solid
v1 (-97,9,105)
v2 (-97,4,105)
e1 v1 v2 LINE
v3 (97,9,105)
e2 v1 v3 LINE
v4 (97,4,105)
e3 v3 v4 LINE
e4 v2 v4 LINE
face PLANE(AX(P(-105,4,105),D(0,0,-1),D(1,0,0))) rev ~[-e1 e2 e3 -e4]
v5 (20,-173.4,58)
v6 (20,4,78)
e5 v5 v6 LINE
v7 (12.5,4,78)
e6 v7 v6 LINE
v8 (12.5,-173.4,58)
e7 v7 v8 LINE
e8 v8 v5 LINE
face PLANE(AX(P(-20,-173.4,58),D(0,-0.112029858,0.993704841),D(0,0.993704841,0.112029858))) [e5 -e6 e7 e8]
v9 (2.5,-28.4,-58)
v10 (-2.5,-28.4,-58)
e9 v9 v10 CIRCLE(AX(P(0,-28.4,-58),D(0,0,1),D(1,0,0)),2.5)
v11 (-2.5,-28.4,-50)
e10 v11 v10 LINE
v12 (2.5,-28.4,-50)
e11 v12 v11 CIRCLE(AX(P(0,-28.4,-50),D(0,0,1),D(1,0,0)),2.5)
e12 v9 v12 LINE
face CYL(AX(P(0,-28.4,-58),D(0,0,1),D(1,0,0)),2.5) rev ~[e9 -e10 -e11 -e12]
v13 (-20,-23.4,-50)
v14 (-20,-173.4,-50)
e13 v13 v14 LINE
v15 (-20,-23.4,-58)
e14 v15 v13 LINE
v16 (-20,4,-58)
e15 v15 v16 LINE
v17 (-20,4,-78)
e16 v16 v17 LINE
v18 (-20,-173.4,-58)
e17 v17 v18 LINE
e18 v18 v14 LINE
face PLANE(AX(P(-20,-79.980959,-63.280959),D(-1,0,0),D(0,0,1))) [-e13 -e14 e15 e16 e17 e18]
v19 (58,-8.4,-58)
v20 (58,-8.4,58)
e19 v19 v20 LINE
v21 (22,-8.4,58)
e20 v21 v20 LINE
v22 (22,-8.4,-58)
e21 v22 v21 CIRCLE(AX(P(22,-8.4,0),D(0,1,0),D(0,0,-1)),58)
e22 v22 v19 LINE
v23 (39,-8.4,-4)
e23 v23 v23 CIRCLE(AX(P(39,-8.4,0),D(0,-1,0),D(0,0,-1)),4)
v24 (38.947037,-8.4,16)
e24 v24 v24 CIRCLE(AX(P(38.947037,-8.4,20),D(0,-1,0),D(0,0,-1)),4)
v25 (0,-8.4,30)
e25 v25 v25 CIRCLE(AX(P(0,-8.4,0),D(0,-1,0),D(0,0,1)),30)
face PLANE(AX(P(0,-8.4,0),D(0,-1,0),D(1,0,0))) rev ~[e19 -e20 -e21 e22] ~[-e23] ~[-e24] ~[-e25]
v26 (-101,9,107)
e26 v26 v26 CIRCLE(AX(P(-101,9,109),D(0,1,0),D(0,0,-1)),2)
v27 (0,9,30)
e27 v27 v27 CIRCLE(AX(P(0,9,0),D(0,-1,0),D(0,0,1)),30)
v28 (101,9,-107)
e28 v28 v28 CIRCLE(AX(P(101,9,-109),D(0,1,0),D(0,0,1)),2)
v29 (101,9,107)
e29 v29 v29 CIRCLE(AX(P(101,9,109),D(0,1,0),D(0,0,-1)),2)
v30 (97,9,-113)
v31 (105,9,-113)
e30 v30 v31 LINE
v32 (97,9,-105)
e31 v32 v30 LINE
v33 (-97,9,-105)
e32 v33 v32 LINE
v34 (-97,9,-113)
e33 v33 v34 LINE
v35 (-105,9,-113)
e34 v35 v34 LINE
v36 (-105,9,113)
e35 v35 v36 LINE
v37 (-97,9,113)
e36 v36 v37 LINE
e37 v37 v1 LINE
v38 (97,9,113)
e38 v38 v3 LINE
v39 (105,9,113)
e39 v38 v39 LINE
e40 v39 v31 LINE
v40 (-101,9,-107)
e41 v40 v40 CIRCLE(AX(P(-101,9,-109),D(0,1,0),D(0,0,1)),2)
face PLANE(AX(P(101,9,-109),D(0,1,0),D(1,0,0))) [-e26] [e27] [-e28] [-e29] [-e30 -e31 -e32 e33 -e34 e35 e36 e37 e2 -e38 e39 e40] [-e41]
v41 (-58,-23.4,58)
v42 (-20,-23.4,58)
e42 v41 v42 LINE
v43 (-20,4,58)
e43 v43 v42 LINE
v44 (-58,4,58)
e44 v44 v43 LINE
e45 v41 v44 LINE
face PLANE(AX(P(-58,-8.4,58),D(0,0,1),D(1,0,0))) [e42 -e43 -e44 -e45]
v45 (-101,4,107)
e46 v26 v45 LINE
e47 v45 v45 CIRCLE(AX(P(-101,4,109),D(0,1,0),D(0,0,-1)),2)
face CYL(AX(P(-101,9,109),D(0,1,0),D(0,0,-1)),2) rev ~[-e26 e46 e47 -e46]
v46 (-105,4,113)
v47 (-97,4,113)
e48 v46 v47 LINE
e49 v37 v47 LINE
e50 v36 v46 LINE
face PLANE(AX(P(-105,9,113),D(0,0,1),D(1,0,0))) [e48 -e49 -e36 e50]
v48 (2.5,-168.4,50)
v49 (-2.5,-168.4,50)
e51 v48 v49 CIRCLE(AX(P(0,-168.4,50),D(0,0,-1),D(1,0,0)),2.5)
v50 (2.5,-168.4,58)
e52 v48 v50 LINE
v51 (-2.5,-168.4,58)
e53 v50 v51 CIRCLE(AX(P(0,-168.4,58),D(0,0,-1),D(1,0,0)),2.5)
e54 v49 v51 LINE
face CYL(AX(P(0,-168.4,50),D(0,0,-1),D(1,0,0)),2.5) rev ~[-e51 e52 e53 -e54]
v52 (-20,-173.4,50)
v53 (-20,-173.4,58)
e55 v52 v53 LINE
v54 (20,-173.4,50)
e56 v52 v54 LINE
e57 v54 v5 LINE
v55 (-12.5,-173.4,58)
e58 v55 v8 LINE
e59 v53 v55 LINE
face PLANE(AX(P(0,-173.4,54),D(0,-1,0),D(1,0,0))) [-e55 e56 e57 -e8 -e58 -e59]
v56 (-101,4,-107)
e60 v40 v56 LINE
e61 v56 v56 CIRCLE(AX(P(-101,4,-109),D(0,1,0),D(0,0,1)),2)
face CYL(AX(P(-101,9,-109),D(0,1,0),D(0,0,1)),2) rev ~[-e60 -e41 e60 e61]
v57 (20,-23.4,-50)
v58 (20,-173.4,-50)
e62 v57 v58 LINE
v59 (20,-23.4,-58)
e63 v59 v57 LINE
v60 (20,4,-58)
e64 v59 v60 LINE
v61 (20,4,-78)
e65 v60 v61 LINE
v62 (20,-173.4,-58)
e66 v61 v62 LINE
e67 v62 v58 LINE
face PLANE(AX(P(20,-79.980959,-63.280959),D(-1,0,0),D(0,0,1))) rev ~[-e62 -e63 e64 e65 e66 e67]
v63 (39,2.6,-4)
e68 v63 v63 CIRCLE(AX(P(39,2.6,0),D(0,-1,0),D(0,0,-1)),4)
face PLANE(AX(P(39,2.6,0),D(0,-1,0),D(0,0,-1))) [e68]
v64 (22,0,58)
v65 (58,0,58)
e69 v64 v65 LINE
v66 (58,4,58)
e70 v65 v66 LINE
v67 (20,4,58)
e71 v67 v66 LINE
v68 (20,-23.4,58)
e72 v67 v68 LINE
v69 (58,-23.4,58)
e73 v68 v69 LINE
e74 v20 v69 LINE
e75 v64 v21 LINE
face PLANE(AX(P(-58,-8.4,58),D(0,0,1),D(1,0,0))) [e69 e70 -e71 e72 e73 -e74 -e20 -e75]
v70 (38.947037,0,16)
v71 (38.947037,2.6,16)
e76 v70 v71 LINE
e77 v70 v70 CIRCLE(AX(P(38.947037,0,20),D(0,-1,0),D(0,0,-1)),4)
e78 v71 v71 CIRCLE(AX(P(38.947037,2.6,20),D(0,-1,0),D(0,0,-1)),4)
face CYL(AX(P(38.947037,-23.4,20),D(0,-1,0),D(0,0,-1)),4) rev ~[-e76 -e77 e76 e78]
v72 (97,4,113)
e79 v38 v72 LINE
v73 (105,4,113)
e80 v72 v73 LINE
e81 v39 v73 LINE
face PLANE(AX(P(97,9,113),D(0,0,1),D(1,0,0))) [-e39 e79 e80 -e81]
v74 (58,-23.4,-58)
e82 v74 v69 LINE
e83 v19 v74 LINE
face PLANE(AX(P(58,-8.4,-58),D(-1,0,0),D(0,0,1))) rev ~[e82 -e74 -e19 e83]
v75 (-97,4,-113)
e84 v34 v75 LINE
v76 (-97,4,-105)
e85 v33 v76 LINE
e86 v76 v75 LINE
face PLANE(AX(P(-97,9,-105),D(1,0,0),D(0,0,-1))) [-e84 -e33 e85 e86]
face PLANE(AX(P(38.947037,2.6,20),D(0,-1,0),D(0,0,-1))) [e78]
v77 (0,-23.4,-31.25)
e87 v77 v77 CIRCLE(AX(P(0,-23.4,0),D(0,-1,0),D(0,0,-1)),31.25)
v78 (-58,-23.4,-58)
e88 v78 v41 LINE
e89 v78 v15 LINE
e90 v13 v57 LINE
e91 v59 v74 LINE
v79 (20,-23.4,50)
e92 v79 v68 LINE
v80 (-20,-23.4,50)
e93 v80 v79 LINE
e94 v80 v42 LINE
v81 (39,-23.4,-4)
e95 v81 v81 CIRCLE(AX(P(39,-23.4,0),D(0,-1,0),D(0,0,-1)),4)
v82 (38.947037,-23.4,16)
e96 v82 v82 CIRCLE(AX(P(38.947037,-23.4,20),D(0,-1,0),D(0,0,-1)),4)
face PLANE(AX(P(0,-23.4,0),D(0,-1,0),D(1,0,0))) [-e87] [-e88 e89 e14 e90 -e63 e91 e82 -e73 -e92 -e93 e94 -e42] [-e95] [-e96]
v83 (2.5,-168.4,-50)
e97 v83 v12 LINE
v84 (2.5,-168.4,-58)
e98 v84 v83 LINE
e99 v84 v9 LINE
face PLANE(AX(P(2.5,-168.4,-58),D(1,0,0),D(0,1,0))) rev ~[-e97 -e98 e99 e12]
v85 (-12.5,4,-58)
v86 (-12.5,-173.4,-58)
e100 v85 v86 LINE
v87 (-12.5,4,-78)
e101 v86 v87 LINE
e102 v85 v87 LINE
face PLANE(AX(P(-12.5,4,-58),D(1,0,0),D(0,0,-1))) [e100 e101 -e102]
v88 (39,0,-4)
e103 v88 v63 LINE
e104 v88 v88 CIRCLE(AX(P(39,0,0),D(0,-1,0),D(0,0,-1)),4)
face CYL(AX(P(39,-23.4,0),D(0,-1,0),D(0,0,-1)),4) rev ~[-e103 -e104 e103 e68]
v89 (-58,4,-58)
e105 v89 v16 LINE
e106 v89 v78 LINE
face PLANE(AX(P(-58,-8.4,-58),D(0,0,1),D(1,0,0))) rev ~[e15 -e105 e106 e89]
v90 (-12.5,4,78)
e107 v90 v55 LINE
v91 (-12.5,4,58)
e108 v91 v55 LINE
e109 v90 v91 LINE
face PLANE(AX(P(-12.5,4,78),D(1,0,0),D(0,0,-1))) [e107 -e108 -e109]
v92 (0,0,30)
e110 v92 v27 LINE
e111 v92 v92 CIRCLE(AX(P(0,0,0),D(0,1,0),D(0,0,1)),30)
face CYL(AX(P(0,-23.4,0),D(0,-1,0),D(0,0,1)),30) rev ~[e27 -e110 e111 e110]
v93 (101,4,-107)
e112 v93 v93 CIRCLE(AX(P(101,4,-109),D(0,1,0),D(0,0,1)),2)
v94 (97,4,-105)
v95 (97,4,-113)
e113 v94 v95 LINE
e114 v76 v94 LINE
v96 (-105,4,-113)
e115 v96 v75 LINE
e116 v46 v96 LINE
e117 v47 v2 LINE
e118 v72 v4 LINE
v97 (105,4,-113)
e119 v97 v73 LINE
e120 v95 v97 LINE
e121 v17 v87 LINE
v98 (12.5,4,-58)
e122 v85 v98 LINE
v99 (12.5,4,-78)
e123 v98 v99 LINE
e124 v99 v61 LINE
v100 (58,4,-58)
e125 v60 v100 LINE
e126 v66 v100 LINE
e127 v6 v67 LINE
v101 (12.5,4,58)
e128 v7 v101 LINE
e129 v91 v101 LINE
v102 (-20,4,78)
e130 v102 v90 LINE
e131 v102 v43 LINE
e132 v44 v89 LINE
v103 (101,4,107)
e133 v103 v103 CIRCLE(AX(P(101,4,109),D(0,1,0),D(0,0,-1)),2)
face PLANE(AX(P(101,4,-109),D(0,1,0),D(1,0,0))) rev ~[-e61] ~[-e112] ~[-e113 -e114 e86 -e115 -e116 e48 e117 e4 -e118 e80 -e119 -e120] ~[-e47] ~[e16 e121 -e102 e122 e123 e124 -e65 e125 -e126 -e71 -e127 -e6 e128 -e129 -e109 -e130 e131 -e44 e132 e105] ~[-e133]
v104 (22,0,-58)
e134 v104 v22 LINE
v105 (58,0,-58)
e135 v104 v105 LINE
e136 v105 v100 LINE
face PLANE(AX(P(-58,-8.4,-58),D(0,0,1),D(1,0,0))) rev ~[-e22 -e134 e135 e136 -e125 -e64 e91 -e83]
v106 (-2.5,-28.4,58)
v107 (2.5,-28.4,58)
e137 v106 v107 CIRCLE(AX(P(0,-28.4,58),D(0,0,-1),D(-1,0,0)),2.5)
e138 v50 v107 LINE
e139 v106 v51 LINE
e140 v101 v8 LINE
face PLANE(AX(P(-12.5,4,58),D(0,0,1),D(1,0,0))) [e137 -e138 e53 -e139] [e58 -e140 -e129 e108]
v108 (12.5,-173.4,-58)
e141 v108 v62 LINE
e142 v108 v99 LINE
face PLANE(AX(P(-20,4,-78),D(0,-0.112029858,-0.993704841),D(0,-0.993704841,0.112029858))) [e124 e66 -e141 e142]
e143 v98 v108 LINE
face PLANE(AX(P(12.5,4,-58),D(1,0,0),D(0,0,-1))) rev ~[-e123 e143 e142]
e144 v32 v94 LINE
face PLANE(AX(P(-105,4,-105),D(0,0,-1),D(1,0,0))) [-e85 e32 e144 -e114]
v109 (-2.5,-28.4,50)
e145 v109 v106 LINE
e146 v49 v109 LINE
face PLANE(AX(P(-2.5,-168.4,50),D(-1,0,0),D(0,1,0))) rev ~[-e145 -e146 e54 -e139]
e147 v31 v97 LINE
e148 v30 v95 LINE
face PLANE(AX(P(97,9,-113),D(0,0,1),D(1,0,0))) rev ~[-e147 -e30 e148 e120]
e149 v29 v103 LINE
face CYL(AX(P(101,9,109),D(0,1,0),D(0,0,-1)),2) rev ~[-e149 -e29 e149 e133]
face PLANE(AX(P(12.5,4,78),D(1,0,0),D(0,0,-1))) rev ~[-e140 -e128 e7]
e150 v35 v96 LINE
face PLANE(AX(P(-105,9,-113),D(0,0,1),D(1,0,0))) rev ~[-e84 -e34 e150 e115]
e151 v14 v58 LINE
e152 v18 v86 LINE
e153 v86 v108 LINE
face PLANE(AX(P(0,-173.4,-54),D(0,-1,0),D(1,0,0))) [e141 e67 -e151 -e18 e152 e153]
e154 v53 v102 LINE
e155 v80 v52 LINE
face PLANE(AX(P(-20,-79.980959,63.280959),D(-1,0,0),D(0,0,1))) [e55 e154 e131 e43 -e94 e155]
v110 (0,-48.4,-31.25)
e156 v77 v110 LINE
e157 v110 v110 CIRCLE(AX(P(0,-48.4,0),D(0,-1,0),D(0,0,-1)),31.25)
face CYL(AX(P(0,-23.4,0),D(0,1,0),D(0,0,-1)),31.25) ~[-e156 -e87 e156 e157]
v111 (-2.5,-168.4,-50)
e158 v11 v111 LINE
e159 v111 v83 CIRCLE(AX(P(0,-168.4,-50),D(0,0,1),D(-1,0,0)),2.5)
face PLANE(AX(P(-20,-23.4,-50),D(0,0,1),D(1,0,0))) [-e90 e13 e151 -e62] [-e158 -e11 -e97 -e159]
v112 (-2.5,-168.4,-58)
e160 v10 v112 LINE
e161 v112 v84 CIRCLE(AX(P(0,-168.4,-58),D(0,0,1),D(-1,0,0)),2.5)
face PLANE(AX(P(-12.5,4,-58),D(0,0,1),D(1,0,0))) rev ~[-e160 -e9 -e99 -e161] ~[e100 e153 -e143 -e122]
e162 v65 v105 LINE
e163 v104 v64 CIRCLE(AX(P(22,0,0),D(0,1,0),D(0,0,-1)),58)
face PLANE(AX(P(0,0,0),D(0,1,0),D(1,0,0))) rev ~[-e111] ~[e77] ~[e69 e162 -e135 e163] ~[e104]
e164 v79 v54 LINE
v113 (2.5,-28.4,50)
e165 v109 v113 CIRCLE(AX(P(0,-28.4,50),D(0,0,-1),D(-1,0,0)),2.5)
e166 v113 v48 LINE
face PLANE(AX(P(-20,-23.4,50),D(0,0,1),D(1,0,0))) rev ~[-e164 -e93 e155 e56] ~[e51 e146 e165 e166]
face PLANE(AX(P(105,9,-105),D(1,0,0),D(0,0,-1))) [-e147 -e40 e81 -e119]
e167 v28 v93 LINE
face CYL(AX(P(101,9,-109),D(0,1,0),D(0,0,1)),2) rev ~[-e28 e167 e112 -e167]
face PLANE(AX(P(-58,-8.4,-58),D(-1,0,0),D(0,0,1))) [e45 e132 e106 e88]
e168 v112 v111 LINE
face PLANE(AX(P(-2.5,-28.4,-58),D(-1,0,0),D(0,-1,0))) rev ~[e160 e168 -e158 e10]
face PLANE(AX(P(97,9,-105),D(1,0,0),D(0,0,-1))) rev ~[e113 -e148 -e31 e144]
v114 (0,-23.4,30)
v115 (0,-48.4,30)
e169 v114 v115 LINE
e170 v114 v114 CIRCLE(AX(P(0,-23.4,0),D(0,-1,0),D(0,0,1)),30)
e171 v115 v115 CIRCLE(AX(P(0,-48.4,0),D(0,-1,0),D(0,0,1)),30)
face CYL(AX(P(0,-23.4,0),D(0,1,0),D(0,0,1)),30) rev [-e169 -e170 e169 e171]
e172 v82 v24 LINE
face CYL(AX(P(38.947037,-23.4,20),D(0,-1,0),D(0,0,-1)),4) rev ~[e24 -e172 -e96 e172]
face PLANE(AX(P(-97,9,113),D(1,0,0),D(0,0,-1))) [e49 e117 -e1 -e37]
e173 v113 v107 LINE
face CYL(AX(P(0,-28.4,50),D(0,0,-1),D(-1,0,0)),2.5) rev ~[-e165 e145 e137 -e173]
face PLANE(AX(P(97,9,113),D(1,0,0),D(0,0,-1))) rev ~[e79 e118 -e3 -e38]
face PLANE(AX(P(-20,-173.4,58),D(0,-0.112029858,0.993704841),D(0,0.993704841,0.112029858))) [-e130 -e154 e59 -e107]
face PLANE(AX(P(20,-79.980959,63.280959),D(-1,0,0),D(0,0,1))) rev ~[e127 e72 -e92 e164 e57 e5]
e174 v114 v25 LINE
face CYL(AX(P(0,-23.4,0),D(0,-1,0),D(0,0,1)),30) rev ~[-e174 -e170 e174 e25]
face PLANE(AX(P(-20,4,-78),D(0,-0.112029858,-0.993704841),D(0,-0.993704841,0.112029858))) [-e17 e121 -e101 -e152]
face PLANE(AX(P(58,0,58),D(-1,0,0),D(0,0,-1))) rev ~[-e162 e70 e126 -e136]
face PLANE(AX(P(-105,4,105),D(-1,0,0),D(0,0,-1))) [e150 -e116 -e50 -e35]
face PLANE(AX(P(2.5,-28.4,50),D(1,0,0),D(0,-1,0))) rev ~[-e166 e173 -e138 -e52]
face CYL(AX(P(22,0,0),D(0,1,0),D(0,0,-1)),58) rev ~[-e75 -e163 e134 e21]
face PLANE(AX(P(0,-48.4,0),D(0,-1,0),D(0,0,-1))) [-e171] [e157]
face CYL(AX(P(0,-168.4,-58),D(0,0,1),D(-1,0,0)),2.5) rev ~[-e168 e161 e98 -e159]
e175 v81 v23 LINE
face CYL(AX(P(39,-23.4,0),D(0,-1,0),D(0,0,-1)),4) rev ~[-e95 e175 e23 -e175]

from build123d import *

# Parameters (mm, degrees)
SKETCH4_W                      = 116
SKETCH4_H                      = 116
BOSS_EXTRUDE1_DEPTH            = 4
SKETCH6_R                      = 30
CUT_EXTRUDE1_DEPTH             = 83.121860671
BOSS_EXTRUDE3_DEPTH            = 8.4
SKETCH10_W                     = 116
SKETCH10_H                     = 116
BOSS_EXTRUDE5_DEPTH            = 15
SKETCH11_R                     = 4
POSITIONING_HOLE_DEPTH         = 26
SKETCH23_R                     = 4
SNAPPING_HOLE_DEPTH            = 26
SKETCH13_R                     = 31.25
SKETCH13_R_2                   = 30
BOSS_EXTRUDE6_DEPTH            = 25
SKETCH24_W                     = 40
SKETCH24_H                     = 8
BOSS_EXTRUDE7_DEPTH            = 150
BOSS_EXTRUDE9_DEPTH            = 40
CUT_EXTRUDE6_DEPTH             = 8
CUT_EXTRUDE6_DIRECTION_2_REACH = 229.876
CUT_EXTRUDE7_REACH             = 225.194
CUT_EXTRUDE9_REACH             = 204.284
SKETCH37_W                     = 25
SKETCH37_H                     = 20
SKETCH41_W                     = 210
SKETCH41_H                     = 210
BOSS_EXTRUDE11_DEPTH           = 5
SKETCH12_R                     = 30
MAIN_HOLE_DEPTH                = 212.068709192
SKETCH43_W                     = 8
SKETCH43_H                     = 8
SKETCH43_R                     = 2
BOSS_EXTRUDE12_DEPTH           = 5


with BuildPart() as part:
    # Sketch4 → Boss-Extrude1 (new body)
    with BuildSketch(Plane(origin=(0, 0, 0), x_dir=(1, 0, 0), z_dir=(0, 1, 0))):
        Rectangle(SKETCH4_W, SKETCH4_H)
    extrude(amount=BOSS_EXTRUDE1_DEPTH)

    # Sketch6 → Cut-Extrude1 (cut, through all)
    with BuildSketch(Plane(origin=(0, 4, 0), x_dir=(1, 0, 0), z_dir=(0, 1, 0))):
        with Locations(Location((0, 0, 0), (0, 0, 270))):
            Circle(SKETCH6_R)
    extrude(amount=-CUT_EXTRUDE1_DEPTH, mode=Mode.SUBTRACT)

    # Sketch8 → Boss-Extrude3 (add)
    with BuildSketch(Plane.XZ):
        with BuildLine():
            Line((-58, 58), (-58, -58))
            Line((-58, -58), (22, -58))
            ThreePointArc((22, -58), (-36, 0), (22, 58))
            Line((22, 58), (-58, 58))
        make_face()
    extrude(amount=BOSS_EXTRUDE3_DEPTH)

    # Sketch10 → Boss-Extrude5 (add)
    with BuildSketch(Plane.XZ.offset(8.4)):
        Rectangle(SKETCH10_W, SKETCH10_H)
    extrude(amount=BOSS_EXTRUDE5_DEPTH)

    # Sketch11 → positioning hole (cut)
    with BuildSketch(Plane.XZ.offset(23.4)):
        with Locations(Location((39, 0, 0), (0, 0, 270))):
            Circle(SKETCH11_R)
    extrude(amount=-POSITIONING_HOLE_DEPTH, mode=Mode.SUBTRACT)

    # Sketch23 → snapping hole (cut)
    with BuildSketch(Plane.XZ.offset(23.4)):
        with Locations(Location((38.947036647, 20, 0), (0, 0, 270))):
            Circle(SKETCH23_R)
    extrude(amount=-SNAPPING_HOLE_DEPTH, mode=Mode.SUBTRACT)

    # Sketch13 → Boss-Extrude6 (add)
    with BuildSketch(Plane.XZ.offset(23.4)):
        with Locations(Location((0, 0, 0), (0, 0, 270))):
            Circle(SKETCH13_R)
        with Locations(Location((0, 0, 0), (0, 0, 90))):
            Circle(SKETCH13_R_2, mode=Mode.SUBTRACT)
    extrude(amount=BOSS_EXTRUDE6_DEPTH)

    # Sketch24 → Boss-Extrude7 (add)
    with BuildSketch(Plane.XZ.offset(23.4)):
        with Locations((0, 54)):
            Rectangle(SKETCH24_W, SKETCH24_H)
        with Locations((0, -54)):
            Rectangle(SKETCH24_W, SKETCH24_H)
    extrude(amount=BOSS_EXTRUDE7_DEPTH)

    # Sketch28 → Boss-Extrude9 (add)
    with BuildSketch(Plane.ZY.offset(20)):
        Polygon((-58, -173.4), (-58, 4), (-78, 4), align=None)
        Polygon((58, 4), (58, -173.4), (78, 4), align=None)
    extrude(amount=-BOSS_EXTRUDE9_DEPTH)

    # Sketch31 → Cut-Extrude6 (cut)
    with BuildSketch(Plane(origin=(0, 0, -58), x_dir=(-1, 0, 0), z_dir=(0, 0, -1))):
        with BuildLine():
            Line((2.5, -28.4), (2.5, -168.4))
            ThreePointArc((2.5, -168.4), (0, -170.9), (-2.5, -168.4))
            Line((-2.5, -168.4), (-2.5, -28.4))
            ThreePointArc((-2.5, -28.4), (0, -25.9), (2.5, -28.4))
        make_face()
    extrude(amount=-CUT_EXTRUDE6_DEPTH, mode=Mode.SUBTRACT)

    # Cut-Extrude6 direction 2: up to this plane
    cut_extrude6_direction_2_end = Plane(origin=(20, 4, -78), z_dir=(0, -0.11202985805393491, -0.9937048409384023))
    # Sketch31 → Cut-Extrude6 direction 2 (cut, up to the surface)
    with BuildSketch(Plane(origin=(0, 0, -58), x_dir=(-1, 0, 0), z_dir=(0, 0, -1)), mode=Mode.PRIVATE) as cut_extrude6_direction_2_sk1:
        with BuildLine():
            Line((2.5, -28.4), (2.5, -168.4))
            ThreePointArc((2.5, -168.4), (0, -170.9), (-2.5, -168.4))
            Line((-2.5, -168.4), (-2.5, -28.4))
            ThreePointArc((-2.5, -28.4), (0, -25.9), (2.5, -28.4))
        make_face()
    cut_extrude6_direction_2_tool1 = split(extrude(cut_extrude6_direction_2_sk1.sketch, amount=CUT_EXTRUDE6_DIRECTION_2_REACH, mode=Mode.PRIVATE), bisect_by=cut_extrude6_direction_2_end, keep=Keep.BOTH, mode=Mode.PRIVATE)
    add(cut_extrude6_direction_2_tool1.solids().sort_by_distance((0, -98.4, -58))[0], mode=Mode.SUBTRACT)

    # Cut-Extrude7: up to this plane
    cut_extrude7_end = Plane(origin=(20, -173.4, 58), z_dir=(0, -0.11202985805393491, 0.9937048409384023))
    # Sketch34 → Cut-Extrude7 (cut, up to the surface)
    with BuildSketch(Plane(origin=(0, 0, 50), x_dir=(-1, 0, 0), z_dir=(0, 0, -1)), mode=Mode.PRIVATE) as cut_extrude7_sk1:
        with BuildLine():
            Line((-2.5, -28.4), (-2.5, -168.4))
            ThreePointArc((-2.5, -168.4), (0, -170.9), (2.5, -168.4))
            Line((2.5, -168.4), (2.5, -28.4))
            ThreePointArc((2.5, -28.4), (0, -25.9), (-2.5, -28.4))
        make_face()
    cut_extrude7_tool1 = split(extrude(cut_extrude7_sk1.sketch, amount=-CUT_EXTRUDE7_REACH, mode=Mode.PRIVATE), bisect_by=cut_extrude7_end, keep=Keep.BOTH, mode=Mode.PRIVATE)
    add(cut_extrude7_tool1.solids().sort_by_distance((0, -98.4, 50))[0], mode=Mode.SUBTRACT)

    # Sketch37 → Cut-Extrude9 (cut, up to next)
    with BuildSketch(Plane(origin=(0, 4, 0), x_dir=(1, 0, 0), z_dir=(0, 1, 0)), mode=Mode.PRIVATE) as cut_extrude9_sk1:
        with Locations((0, 68)):
            Rectangle(SKETCH37_W, SKETCH37_H)
    cut_extrude9_tool1 = extrude(cut_extrude9_sk1.sketch, amount=-CUT_EXTRUDE9_REACH, mode=Mode.PRIVATE) & part.part
    # Sketch37 → Cut-Extrude9 (cut, up to next)
    with BuildSketch(Plane(origin=(0, 4, 0), x_dir=(1, 0, 0), z_dir=(0, 1, 0)), mode=Mode.PRIVATE) as cut_extrude9_sk2:
        with Locations((0, -68)):
            Rectangle(SKETCH37_W, SKETCH37_H)
    cut_extrude9_tool2 = extrude(cut_extrude9_sk2.sketch, amount=-CUT_EXTRUDE9_REACH, mode=Mode.PRIVATE) & part.part
    add(cut_extrude9_tool1.solids().sort_by_distance((0, 4, -68))[0], mode=Mode.SUBTRACT)
    add(cut_extrude9_tool2.solids().sort_by_distance((0, 4, 68))[0], mode=Mode.SUBTRACT)

    # Sketch41 → Boss-Extrude11 (add)
    with BuildSketch(Plane(origin=(0, 4, 0), x_dir=(1, 0, 0), z_dir=(0, 1, 0))):
        Rectangle(SKETCH41_W, SKETCH41_H)
    extrude(amount=BOSS_EXTRUDE11_DEPTH)

    # Sketch12 → main hole (cut, through all)
    with BuildSketch(Plane.XZ.offset(23.4)):
        with Locations(Location((0, 0, 0), (0, 0, 90))):
            Circle(SKETCH12_R)
    extrude(amount=-MAIN_HOLE_DEPTH, mode=Mode.SUBTRACT)

    # Sketch43 → Boss-Extrude12 (add)
    # profile 1 of 4: a face of its own
    with BuildSketch(Plane(origin=(0, 9, 0), x_dir=(1, 0, 0), z_dir=(0, 1, 0))):
        with Locations((101, 109)):
            Rectangle(SKETCH43_W, SKETCH43_H)
        with Locations(Location((101, 109, 0), (0, 0, 270))):
            Circle(SKETCH43_R, mode=Mode.SUBTRACT)
    # profile 2 of 4: a face of its own
    with BuildSketch(Plane(origin=(0, 9, 0), x_dir=(1, 0, 0), z_dir=(0, 1, 0))):
        with Locations((-101, 109)):
            Rectangle(SKETCH43_W, SKETCH43_H)
        with Locations(Location((-101, 109, 0), (0, 0, 270))):
            Circle(SKETCH43_R, mode=Mode.SUBTRACT)
    # profile 3 of 4: a face of its own
    with BuildSketch(Plane(origin=(0, 9, 0), x_dir=(1, 0, 0), z_dir=(0, 1, 0))):
        with Locations((-101, -109)):
            Rectangle(SKETCH43_W, SKETCH43_H)
        with Locations(Location((-101, -109, 0), (0, 0, 90))):
            Circle(SKETCH43_R, mode=Mode.SUBTRACT)
    # profile 4 of 4: a face of its own
    with BuildSketch(Plane(origin=(0, 9, 0), x_dir=(1, 0, 0), z_dir=(0, 1, 0))):
        with Locations((101, -109)):
            Rectangle(SKETCH43_W, SKETCH43_H)
        with Locations(Location((101, -109, 0), (0, 0, 90))):
            Circle(SKETCH43_R, mode=Mode.SUBTRACT)
    extrude(amount=-BOSS_EXTRUDE12_DEPTH)


solid = part.part
